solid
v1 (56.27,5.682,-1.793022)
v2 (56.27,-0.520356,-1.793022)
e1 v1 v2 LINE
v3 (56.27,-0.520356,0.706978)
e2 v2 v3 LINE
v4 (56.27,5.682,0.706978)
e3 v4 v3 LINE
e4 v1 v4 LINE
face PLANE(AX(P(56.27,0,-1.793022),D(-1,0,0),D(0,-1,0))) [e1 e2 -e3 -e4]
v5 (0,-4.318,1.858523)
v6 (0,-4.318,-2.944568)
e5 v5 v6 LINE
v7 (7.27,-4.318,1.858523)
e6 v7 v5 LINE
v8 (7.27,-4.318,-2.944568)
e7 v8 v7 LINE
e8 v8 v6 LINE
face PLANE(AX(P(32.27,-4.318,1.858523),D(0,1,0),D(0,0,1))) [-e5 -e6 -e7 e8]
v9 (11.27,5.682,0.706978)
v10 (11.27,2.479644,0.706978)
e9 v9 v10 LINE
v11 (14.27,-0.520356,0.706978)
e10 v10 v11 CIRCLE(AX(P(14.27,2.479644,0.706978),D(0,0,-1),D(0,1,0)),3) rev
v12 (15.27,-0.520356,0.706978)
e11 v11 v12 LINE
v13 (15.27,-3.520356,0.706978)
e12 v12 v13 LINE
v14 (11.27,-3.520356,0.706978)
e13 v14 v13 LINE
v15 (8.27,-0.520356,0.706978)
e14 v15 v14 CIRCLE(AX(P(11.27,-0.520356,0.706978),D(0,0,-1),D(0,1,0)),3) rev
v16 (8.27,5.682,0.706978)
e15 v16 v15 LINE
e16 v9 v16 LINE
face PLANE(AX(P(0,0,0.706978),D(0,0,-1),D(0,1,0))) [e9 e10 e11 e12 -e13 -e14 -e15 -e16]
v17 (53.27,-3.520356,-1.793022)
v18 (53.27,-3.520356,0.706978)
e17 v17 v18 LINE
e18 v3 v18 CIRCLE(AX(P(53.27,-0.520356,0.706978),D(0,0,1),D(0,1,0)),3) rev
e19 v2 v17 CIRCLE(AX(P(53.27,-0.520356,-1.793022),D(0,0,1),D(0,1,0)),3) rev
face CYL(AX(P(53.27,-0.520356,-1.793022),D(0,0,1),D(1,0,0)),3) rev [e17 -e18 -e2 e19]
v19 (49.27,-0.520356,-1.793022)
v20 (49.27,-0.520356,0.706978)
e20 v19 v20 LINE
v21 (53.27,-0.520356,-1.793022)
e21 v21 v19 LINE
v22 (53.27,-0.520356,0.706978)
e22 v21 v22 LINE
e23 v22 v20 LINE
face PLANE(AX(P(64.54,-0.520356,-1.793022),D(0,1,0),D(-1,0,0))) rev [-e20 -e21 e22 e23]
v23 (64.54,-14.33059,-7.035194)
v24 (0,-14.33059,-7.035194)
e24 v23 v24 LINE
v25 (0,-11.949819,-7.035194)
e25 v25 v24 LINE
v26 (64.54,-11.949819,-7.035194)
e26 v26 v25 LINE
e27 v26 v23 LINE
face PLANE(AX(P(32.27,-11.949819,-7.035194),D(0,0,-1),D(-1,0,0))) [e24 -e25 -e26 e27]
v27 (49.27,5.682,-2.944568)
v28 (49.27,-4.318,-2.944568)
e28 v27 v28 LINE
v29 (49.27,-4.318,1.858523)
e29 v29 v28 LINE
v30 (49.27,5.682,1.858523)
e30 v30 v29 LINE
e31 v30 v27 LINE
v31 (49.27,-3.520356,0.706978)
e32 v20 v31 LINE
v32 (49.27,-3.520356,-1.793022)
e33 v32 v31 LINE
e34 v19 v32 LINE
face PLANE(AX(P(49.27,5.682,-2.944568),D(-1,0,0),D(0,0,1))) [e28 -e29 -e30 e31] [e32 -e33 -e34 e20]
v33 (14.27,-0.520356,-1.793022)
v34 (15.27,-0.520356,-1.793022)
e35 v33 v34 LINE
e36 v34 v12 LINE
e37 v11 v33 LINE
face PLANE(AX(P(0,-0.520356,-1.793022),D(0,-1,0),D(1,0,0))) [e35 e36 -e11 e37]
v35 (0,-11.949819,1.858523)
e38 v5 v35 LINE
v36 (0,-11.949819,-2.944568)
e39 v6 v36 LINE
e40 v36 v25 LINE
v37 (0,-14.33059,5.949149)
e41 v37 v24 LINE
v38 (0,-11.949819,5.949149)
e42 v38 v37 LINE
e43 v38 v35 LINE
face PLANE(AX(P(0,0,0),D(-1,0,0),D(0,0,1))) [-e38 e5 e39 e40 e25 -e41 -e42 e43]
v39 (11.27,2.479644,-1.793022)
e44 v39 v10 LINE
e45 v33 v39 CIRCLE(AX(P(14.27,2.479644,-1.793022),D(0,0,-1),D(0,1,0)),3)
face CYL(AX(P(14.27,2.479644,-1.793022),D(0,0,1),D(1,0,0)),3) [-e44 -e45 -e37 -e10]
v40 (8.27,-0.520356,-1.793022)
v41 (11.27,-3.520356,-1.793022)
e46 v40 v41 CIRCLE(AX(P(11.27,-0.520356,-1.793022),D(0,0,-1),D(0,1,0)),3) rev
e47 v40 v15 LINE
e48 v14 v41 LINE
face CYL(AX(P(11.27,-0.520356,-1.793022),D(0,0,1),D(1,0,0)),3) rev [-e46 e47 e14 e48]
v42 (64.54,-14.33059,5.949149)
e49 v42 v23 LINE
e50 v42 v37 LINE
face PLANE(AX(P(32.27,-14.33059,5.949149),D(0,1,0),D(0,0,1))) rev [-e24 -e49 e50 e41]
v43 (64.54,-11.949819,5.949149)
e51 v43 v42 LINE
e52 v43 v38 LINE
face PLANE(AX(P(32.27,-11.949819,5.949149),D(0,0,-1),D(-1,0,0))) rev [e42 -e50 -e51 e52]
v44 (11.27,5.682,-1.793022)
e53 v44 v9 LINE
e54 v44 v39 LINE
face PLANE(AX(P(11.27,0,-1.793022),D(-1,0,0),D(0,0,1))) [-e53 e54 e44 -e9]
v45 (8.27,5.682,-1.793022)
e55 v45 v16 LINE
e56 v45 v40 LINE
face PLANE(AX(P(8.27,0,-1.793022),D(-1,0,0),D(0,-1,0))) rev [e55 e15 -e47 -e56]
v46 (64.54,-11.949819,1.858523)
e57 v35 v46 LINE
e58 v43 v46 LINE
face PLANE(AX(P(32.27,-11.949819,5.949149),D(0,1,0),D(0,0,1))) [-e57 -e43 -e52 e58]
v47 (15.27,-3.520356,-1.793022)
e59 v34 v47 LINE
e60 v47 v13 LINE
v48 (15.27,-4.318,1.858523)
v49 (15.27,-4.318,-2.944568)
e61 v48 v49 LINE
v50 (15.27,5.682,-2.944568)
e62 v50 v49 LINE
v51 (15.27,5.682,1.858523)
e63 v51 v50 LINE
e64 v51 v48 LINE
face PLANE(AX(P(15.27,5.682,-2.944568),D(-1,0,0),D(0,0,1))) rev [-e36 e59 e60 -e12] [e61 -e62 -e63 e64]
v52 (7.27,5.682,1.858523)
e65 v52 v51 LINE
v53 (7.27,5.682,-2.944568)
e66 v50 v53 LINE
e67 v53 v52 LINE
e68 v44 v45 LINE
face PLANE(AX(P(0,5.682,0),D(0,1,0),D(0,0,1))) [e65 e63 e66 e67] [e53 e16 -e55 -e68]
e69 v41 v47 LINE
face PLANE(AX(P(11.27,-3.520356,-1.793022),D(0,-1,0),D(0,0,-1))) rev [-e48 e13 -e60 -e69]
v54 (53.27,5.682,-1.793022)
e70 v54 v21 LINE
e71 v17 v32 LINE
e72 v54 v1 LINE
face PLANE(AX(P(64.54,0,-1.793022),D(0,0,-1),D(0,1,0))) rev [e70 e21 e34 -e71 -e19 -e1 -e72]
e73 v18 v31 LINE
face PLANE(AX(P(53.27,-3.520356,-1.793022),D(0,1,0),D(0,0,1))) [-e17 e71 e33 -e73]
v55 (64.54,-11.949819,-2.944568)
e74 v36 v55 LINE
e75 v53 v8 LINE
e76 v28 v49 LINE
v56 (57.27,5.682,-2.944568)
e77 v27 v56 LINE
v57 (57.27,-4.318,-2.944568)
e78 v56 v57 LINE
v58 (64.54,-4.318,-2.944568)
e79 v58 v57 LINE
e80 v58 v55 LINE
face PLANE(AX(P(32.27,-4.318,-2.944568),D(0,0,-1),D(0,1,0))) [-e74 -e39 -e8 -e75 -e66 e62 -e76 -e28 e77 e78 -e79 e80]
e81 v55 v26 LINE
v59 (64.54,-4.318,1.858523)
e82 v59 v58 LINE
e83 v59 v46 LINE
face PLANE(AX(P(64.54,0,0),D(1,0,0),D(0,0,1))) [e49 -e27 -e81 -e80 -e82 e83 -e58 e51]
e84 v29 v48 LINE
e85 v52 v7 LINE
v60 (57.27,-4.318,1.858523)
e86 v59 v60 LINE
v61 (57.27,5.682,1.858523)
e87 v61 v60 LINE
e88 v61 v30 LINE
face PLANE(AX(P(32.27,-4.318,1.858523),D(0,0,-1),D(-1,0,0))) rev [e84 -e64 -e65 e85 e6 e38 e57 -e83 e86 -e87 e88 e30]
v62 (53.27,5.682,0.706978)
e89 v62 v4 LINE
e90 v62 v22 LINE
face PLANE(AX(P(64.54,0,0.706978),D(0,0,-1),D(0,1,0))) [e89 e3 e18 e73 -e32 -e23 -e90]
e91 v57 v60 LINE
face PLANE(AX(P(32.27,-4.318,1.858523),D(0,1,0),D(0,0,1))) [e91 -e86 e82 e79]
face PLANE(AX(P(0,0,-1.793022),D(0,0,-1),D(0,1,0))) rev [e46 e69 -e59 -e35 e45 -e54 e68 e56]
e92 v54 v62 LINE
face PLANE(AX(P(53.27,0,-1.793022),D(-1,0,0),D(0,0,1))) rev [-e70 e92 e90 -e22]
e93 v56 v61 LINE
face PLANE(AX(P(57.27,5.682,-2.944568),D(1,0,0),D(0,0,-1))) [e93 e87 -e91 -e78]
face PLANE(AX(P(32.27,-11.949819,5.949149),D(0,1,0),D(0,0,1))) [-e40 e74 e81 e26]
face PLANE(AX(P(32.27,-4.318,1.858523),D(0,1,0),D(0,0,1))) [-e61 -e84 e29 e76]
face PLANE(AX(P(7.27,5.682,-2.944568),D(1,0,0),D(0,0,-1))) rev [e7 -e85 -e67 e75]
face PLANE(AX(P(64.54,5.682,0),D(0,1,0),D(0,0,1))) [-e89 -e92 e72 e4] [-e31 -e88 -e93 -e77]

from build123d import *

# Parameters (mm, degrees)
SKETCH3_W           = 12.984343194
SKETCH3_H           = 2.380771229
SKETCH3_W_2         = 4.803091943
SKETCH3_H_2         = 9.313818956
BOSS_EXTRUDE2_DEPTH = 32.27
SKETCH6_W           = 8
SKETCH6_H           = 4.803091943
BOSS_EXTRUDE3_DEPTH = 10
CUT_EXTRUDE2_DEPTH  = 1.25
FILLET1_R           = 3


with BuildPart() as part:
    # Sketch3 → Boss-Extrude2 (new body)
    with BuildSketch(Plane(origin=(0, 0, 0), x_dir=(0, 0, -1), z_dir=(1, 0, 0))):
        with Locations((0.543022473, -13.14020457)):
            Rectangle(SKETCH3_W, SKETCH3_H)
        with Locations((0.543022474, -8.974909478)):
            Rectangle(SKETCH3_W_2, SKETCH3_H_2)
    boss_extrude2 = extrude(amount=BOSS_EXTRUDE2_DEPTH)

    # Sketch6 → Boss-Extrude3 (add)
    with BuildSketch(Plane(origin=(0, -4.318, 0), x_dir=(1, 0, 0), z_dir=(0, 1, 0))):
        with Locations((11.27, 0.543022474)):
            Rectangle(SKETCH6_W, SKETCH6_H)
    boss_extrude3 = extrude(amount=BOSS_EXTRUDE3_DEPTH)

    # Sketch7 → Cut-Extrude2 (cut, symmetric)
    with BuildSketch(Plane.XY.offset(-0.543022473)):
        with BuildLine():
            Line((11.27, 5.682), (8.27, 5.682))
            Line((8.27, 5.682), (8.27, -0.520355546))
            ThreePointArc((8.27, -0.520355546), (9.148679656, -2.64167589), (11.27, -3.520355546))
            Line((11.27, -3.520355546), (15.27, -3.520355546))
            Line((15.27, -3.520355546), (15.27, -0.520355546))
            Line((15.27, -0.520355546), (11.27, -0.520355546))
            Line((11.27, -0.520355546), (11.27, 5.682))
        make_face()
    cut_extrude2 = extrude(amount=CUT_EXTRUDE2_DEPTH, both=True, mode=Mode.SUBTRACT)

    # Fillet1
    fillet1_edges = [part.edges().sort_by_distance(p)[0] for p in [
        (11.27, -0.520355546, -0.543022473),
    ]]
    fillet(fillet1_edges, radius=FILLET1_R)

    # Mirror2: Boss-Extrude2, Boss-Extrude3, Cut-Extrude2 across plane
    add(boss_extrude2.mirror(Plane.ZY.offset(-32.27)))
    add(boss_extrude3.mirror(Plane.ZY.offset(-32.27)))
    add(cut_extrude2.mirror(Plane.ZY.offset(-32.27)), mode=Mode.SUBTRACT)


solid = part.part
